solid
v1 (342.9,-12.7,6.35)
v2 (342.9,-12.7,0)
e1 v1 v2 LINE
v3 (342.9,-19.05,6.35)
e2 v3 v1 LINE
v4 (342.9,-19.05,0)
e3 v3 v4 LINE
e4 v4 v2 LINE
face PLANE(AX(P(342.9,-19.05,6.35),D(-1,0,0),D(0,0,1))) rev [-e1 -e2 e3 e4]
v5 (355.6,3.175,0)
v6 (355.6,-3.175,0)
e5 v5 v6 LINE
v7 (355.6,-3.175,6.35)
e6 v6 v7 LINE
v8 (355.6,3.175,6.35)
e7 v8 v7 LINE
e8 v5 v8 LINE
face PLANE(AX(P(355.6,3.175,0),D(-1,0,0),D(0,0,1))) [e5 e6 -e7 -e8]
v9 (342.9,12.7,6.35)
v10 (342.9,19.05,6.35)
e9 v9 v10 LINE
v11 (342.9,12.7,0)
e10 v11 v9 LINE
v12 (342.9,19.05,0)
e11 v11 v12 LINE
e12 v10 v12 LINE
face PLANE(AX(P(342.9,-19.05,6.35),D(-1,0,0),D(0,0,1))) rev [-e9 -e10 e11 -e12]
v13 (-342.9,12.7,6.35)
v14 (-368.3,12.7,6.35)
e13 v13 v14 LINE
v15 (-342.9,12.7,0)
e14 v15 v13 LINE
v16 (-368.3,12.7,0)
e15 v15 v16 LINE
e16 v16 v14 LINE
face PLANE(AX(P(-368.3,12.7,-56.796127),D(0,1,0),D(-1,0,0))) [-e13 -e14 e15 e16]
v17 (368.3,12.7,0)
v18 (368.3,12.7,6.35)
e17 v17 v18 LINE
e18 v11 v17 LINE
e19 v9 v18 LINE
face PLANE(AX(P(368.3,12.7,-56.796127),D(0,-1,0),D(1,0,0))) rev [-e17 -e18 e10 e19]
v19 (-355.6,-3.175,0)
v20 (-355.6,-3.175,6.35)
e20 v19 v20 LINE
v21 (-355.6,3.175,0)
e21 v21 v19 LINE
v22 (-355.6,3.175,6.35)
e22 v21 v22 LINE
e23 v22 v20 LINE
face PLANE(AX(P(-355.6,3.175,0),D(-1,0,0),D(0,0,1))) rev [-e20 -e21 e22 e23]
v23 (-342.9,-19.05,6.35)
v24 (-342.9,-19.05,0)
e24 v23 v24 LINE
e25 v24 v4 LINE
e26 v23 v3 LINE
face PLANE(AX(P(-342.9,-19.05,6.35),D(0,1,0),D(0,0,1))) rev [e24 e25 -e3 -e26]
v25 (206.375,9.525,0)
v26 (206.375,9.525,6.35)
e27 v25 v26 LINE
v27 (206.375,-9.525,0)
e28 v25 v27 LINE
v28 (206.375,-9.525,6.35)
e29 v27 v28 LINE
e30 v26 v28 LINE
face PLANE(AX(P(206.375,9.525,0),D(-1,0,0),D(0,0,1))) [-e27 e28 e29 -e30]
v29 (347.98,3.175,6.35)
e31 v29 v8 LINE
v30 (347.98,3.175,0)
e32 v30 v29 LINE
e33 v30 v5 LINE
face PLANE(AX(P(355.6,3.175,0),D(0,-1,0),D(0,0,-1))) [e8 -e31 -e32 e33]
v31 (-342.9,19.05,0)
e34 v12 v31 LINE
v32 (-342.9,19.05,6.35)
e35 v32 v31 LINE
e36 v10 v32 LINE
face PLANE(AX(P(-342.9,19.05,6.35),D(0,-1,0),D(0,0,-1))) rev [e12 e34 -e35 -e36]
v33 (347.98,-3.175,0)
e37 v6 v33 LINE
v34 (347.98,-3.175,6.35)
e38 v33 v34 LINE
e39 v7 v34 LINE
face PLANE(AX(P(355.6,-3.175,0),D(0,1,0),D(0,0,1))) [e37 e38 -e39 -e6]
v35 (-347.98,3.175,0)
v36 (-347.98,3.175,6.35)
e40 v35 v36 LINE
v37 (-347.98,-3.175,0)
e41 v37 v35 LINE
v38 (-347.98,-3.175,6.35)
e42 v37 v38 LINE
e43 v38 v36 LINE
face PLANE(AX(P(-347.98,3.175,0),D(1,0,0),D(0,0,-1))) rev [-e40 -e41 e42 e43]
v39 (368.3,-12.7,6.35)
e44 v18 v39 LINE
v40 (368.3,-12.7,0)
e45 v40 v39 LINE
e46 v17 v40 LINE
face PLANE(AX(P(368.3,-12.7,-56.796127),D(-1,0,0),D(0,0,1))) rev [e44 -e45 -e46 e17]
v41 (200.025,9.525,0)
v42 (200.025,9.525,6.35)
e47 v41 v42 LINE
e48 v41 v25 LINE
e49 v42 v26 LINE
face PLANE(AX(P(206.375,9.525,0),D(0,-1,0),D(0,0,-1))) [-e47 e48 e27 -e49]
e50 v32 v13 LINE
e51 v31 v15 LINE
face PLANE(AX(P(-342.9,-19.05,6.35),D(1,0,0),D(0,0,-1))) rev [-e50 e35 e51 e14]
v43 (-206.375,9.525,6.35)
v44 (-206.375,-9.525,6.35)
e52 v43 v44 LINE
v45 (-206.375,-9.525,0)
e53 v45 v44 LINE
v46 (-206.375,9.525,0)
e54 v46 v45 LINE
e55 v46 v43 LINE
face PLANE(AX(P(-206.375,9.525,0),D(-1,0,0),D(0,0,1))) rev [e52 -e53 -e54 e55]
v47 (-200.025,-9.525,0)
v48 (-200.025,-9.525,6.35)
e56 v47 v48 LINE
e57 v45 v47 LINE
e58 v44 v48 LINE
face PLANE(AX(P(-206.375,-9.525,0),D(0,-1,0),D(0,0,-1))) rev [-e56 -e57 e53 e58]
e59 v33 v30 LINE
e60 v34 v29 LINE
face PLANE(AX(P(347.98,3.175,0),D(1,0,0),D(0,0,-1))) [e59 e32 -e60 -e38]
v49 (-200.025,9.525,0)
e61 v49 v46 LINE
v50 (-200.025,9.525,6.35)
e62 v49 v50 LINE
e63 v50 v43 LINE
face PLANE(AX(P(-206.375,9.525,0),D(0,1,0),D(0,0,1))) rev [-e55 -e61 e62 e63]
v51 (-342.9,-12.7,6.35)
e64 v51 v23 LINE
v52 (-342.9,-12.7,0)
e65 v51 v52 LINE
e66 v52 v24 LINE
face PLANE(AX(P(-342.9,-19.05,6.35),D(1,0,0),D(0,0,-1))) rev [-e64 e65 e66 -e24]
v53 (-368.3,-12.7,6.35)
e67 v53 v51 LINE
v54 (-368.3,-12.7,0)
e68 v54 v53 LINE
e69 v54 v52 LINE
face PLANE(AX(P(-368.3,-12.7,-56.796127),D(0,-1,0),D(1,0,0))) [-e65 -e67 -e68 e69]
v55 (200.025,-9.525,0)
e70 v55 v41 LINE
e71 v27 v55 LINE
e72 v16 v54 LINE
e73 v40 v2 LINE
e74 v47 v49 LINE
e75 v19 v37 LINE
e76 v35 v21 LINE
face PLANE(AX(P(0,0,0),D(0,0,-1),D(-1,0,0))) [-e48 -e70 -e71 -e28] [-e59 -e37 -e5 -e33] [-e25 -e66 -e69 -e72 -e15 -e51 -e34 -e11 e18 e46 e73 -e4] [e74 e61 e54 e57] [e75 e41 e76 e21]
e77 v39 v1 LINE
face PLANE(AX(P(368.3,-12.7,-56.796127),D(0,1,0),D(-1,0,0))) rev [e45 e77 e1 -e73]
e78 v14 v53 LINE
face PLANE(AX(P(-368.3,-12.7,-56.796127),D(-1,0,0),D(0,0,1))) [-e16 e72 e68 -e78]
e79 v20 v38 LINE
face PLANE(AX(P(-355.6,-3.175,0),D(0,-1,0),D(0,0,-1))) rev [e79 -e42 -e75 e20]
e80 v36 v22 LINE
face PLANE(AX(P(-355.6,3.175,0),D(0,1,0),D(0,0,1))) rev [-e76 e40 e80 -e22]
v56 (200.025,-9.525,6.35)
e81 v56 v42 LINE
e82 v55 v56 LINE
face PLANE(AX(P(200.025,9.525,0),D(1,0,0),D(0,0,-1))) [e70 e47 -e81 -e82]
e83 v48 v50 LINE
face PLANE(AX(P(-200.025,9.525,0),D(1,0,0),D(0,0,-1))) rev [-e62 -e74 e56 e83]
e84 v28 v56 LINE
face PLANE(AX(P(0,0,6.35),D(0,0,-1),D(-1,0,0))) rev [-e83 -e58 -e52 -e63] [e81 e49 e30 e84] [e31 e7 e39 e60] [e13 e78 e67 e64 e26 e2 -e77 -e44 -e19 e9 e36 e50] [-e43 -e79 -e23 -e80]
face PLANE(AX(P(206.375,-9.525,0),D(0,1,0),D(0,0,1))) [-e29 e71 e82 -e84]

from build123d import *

# Parameters (mm, degrees)
SKETCH1_W           = 685.8
SKETCH1_H           = 38.1
BOSS_EXTRUDE1_DEPTH = 6.35
SKETCH2_W           = 50.8
SKETCH2_H           = 25.4
BOSS_EXTRUDE2_DEPTH = 6.35
SKETCH3_W           = 7.62
SKETCH3_H           = 6.35
CUT_EXTRUDE1_DEPTH  = 7.35
SKETCH4_W           = 6.35
SKETCH4_H           = 19.05
CUT_EXTRUDE2_DEPTH  = 7.35


with BuildPart() as part:
    # Sketch1 → Boss-Extrude1 (new body)
    with BuildSketch(Plane.XY):
        Rectangle(SKETCH1_W, SKETCH1_H)
    extrude(amount=BOSS_EXTRUDE1_DEPTH)

    # Sketch2 → Boss-Extrude2 (add)
    with BuildSketch(Plane.XY.offset(6.35)):
        with Locations((-342.9, 0)):
            Rectangle(SKETCH2_W, SKETCH2_H)
    boss_extrude2 = extrude(amount=-BOSS_EXTRUDE2_DEPTH)

    # Sketch3 → Cut-Extrude1 (cut, through all)
    with BuildSketch(Plane.XY.offset(6.35)):
        with Locations((-351.79, 0)):
            Rectangle(SKETCH3_W, SKETCH3_H)
    cut_extrude1 = extrude(amount=-CUT_EXTRUDE1_DEPTH, mode=Mode.SUBTRACT)

    # Mirror1: Boss-Extrude2, Cut-Extrude1 across plane
    add(boss_extrude2.mirror(Plane(origin=(0, 0, 0), x_dir=(0, 0, 1), z_dir=(1, 0, 0))))
    add(cut_extrude1.mirror(Plane(origin=(0, 0, 0), x_dir=(0, 0, 1), z_dir=(1, 0, 0))), mode=Mode.SUBTRACT)

    # Sketch4 → Cut-Extrude2 (cut, through all)
    with BuildSketch(Plane.XY.offset(6.35)):
        with Locations((-203.2, 0)):
            Rectangle(SKETCH4_W, SKETCH4_H)
    cut_extrude2 = extrude(amount=-CUT_EXTRUDE2_DEPTH, mode=Mode.SUBTRACT)

    # Mirror2: Cut-Extrude2 across plane
    add(cut_extrude2.mirror(Plane(origin=(0, 0, 0), x_dir=(0, 0, 1), z_dir=(1, 0, 0))), mode=Mode.SUBTRACT)


solid = part.part
